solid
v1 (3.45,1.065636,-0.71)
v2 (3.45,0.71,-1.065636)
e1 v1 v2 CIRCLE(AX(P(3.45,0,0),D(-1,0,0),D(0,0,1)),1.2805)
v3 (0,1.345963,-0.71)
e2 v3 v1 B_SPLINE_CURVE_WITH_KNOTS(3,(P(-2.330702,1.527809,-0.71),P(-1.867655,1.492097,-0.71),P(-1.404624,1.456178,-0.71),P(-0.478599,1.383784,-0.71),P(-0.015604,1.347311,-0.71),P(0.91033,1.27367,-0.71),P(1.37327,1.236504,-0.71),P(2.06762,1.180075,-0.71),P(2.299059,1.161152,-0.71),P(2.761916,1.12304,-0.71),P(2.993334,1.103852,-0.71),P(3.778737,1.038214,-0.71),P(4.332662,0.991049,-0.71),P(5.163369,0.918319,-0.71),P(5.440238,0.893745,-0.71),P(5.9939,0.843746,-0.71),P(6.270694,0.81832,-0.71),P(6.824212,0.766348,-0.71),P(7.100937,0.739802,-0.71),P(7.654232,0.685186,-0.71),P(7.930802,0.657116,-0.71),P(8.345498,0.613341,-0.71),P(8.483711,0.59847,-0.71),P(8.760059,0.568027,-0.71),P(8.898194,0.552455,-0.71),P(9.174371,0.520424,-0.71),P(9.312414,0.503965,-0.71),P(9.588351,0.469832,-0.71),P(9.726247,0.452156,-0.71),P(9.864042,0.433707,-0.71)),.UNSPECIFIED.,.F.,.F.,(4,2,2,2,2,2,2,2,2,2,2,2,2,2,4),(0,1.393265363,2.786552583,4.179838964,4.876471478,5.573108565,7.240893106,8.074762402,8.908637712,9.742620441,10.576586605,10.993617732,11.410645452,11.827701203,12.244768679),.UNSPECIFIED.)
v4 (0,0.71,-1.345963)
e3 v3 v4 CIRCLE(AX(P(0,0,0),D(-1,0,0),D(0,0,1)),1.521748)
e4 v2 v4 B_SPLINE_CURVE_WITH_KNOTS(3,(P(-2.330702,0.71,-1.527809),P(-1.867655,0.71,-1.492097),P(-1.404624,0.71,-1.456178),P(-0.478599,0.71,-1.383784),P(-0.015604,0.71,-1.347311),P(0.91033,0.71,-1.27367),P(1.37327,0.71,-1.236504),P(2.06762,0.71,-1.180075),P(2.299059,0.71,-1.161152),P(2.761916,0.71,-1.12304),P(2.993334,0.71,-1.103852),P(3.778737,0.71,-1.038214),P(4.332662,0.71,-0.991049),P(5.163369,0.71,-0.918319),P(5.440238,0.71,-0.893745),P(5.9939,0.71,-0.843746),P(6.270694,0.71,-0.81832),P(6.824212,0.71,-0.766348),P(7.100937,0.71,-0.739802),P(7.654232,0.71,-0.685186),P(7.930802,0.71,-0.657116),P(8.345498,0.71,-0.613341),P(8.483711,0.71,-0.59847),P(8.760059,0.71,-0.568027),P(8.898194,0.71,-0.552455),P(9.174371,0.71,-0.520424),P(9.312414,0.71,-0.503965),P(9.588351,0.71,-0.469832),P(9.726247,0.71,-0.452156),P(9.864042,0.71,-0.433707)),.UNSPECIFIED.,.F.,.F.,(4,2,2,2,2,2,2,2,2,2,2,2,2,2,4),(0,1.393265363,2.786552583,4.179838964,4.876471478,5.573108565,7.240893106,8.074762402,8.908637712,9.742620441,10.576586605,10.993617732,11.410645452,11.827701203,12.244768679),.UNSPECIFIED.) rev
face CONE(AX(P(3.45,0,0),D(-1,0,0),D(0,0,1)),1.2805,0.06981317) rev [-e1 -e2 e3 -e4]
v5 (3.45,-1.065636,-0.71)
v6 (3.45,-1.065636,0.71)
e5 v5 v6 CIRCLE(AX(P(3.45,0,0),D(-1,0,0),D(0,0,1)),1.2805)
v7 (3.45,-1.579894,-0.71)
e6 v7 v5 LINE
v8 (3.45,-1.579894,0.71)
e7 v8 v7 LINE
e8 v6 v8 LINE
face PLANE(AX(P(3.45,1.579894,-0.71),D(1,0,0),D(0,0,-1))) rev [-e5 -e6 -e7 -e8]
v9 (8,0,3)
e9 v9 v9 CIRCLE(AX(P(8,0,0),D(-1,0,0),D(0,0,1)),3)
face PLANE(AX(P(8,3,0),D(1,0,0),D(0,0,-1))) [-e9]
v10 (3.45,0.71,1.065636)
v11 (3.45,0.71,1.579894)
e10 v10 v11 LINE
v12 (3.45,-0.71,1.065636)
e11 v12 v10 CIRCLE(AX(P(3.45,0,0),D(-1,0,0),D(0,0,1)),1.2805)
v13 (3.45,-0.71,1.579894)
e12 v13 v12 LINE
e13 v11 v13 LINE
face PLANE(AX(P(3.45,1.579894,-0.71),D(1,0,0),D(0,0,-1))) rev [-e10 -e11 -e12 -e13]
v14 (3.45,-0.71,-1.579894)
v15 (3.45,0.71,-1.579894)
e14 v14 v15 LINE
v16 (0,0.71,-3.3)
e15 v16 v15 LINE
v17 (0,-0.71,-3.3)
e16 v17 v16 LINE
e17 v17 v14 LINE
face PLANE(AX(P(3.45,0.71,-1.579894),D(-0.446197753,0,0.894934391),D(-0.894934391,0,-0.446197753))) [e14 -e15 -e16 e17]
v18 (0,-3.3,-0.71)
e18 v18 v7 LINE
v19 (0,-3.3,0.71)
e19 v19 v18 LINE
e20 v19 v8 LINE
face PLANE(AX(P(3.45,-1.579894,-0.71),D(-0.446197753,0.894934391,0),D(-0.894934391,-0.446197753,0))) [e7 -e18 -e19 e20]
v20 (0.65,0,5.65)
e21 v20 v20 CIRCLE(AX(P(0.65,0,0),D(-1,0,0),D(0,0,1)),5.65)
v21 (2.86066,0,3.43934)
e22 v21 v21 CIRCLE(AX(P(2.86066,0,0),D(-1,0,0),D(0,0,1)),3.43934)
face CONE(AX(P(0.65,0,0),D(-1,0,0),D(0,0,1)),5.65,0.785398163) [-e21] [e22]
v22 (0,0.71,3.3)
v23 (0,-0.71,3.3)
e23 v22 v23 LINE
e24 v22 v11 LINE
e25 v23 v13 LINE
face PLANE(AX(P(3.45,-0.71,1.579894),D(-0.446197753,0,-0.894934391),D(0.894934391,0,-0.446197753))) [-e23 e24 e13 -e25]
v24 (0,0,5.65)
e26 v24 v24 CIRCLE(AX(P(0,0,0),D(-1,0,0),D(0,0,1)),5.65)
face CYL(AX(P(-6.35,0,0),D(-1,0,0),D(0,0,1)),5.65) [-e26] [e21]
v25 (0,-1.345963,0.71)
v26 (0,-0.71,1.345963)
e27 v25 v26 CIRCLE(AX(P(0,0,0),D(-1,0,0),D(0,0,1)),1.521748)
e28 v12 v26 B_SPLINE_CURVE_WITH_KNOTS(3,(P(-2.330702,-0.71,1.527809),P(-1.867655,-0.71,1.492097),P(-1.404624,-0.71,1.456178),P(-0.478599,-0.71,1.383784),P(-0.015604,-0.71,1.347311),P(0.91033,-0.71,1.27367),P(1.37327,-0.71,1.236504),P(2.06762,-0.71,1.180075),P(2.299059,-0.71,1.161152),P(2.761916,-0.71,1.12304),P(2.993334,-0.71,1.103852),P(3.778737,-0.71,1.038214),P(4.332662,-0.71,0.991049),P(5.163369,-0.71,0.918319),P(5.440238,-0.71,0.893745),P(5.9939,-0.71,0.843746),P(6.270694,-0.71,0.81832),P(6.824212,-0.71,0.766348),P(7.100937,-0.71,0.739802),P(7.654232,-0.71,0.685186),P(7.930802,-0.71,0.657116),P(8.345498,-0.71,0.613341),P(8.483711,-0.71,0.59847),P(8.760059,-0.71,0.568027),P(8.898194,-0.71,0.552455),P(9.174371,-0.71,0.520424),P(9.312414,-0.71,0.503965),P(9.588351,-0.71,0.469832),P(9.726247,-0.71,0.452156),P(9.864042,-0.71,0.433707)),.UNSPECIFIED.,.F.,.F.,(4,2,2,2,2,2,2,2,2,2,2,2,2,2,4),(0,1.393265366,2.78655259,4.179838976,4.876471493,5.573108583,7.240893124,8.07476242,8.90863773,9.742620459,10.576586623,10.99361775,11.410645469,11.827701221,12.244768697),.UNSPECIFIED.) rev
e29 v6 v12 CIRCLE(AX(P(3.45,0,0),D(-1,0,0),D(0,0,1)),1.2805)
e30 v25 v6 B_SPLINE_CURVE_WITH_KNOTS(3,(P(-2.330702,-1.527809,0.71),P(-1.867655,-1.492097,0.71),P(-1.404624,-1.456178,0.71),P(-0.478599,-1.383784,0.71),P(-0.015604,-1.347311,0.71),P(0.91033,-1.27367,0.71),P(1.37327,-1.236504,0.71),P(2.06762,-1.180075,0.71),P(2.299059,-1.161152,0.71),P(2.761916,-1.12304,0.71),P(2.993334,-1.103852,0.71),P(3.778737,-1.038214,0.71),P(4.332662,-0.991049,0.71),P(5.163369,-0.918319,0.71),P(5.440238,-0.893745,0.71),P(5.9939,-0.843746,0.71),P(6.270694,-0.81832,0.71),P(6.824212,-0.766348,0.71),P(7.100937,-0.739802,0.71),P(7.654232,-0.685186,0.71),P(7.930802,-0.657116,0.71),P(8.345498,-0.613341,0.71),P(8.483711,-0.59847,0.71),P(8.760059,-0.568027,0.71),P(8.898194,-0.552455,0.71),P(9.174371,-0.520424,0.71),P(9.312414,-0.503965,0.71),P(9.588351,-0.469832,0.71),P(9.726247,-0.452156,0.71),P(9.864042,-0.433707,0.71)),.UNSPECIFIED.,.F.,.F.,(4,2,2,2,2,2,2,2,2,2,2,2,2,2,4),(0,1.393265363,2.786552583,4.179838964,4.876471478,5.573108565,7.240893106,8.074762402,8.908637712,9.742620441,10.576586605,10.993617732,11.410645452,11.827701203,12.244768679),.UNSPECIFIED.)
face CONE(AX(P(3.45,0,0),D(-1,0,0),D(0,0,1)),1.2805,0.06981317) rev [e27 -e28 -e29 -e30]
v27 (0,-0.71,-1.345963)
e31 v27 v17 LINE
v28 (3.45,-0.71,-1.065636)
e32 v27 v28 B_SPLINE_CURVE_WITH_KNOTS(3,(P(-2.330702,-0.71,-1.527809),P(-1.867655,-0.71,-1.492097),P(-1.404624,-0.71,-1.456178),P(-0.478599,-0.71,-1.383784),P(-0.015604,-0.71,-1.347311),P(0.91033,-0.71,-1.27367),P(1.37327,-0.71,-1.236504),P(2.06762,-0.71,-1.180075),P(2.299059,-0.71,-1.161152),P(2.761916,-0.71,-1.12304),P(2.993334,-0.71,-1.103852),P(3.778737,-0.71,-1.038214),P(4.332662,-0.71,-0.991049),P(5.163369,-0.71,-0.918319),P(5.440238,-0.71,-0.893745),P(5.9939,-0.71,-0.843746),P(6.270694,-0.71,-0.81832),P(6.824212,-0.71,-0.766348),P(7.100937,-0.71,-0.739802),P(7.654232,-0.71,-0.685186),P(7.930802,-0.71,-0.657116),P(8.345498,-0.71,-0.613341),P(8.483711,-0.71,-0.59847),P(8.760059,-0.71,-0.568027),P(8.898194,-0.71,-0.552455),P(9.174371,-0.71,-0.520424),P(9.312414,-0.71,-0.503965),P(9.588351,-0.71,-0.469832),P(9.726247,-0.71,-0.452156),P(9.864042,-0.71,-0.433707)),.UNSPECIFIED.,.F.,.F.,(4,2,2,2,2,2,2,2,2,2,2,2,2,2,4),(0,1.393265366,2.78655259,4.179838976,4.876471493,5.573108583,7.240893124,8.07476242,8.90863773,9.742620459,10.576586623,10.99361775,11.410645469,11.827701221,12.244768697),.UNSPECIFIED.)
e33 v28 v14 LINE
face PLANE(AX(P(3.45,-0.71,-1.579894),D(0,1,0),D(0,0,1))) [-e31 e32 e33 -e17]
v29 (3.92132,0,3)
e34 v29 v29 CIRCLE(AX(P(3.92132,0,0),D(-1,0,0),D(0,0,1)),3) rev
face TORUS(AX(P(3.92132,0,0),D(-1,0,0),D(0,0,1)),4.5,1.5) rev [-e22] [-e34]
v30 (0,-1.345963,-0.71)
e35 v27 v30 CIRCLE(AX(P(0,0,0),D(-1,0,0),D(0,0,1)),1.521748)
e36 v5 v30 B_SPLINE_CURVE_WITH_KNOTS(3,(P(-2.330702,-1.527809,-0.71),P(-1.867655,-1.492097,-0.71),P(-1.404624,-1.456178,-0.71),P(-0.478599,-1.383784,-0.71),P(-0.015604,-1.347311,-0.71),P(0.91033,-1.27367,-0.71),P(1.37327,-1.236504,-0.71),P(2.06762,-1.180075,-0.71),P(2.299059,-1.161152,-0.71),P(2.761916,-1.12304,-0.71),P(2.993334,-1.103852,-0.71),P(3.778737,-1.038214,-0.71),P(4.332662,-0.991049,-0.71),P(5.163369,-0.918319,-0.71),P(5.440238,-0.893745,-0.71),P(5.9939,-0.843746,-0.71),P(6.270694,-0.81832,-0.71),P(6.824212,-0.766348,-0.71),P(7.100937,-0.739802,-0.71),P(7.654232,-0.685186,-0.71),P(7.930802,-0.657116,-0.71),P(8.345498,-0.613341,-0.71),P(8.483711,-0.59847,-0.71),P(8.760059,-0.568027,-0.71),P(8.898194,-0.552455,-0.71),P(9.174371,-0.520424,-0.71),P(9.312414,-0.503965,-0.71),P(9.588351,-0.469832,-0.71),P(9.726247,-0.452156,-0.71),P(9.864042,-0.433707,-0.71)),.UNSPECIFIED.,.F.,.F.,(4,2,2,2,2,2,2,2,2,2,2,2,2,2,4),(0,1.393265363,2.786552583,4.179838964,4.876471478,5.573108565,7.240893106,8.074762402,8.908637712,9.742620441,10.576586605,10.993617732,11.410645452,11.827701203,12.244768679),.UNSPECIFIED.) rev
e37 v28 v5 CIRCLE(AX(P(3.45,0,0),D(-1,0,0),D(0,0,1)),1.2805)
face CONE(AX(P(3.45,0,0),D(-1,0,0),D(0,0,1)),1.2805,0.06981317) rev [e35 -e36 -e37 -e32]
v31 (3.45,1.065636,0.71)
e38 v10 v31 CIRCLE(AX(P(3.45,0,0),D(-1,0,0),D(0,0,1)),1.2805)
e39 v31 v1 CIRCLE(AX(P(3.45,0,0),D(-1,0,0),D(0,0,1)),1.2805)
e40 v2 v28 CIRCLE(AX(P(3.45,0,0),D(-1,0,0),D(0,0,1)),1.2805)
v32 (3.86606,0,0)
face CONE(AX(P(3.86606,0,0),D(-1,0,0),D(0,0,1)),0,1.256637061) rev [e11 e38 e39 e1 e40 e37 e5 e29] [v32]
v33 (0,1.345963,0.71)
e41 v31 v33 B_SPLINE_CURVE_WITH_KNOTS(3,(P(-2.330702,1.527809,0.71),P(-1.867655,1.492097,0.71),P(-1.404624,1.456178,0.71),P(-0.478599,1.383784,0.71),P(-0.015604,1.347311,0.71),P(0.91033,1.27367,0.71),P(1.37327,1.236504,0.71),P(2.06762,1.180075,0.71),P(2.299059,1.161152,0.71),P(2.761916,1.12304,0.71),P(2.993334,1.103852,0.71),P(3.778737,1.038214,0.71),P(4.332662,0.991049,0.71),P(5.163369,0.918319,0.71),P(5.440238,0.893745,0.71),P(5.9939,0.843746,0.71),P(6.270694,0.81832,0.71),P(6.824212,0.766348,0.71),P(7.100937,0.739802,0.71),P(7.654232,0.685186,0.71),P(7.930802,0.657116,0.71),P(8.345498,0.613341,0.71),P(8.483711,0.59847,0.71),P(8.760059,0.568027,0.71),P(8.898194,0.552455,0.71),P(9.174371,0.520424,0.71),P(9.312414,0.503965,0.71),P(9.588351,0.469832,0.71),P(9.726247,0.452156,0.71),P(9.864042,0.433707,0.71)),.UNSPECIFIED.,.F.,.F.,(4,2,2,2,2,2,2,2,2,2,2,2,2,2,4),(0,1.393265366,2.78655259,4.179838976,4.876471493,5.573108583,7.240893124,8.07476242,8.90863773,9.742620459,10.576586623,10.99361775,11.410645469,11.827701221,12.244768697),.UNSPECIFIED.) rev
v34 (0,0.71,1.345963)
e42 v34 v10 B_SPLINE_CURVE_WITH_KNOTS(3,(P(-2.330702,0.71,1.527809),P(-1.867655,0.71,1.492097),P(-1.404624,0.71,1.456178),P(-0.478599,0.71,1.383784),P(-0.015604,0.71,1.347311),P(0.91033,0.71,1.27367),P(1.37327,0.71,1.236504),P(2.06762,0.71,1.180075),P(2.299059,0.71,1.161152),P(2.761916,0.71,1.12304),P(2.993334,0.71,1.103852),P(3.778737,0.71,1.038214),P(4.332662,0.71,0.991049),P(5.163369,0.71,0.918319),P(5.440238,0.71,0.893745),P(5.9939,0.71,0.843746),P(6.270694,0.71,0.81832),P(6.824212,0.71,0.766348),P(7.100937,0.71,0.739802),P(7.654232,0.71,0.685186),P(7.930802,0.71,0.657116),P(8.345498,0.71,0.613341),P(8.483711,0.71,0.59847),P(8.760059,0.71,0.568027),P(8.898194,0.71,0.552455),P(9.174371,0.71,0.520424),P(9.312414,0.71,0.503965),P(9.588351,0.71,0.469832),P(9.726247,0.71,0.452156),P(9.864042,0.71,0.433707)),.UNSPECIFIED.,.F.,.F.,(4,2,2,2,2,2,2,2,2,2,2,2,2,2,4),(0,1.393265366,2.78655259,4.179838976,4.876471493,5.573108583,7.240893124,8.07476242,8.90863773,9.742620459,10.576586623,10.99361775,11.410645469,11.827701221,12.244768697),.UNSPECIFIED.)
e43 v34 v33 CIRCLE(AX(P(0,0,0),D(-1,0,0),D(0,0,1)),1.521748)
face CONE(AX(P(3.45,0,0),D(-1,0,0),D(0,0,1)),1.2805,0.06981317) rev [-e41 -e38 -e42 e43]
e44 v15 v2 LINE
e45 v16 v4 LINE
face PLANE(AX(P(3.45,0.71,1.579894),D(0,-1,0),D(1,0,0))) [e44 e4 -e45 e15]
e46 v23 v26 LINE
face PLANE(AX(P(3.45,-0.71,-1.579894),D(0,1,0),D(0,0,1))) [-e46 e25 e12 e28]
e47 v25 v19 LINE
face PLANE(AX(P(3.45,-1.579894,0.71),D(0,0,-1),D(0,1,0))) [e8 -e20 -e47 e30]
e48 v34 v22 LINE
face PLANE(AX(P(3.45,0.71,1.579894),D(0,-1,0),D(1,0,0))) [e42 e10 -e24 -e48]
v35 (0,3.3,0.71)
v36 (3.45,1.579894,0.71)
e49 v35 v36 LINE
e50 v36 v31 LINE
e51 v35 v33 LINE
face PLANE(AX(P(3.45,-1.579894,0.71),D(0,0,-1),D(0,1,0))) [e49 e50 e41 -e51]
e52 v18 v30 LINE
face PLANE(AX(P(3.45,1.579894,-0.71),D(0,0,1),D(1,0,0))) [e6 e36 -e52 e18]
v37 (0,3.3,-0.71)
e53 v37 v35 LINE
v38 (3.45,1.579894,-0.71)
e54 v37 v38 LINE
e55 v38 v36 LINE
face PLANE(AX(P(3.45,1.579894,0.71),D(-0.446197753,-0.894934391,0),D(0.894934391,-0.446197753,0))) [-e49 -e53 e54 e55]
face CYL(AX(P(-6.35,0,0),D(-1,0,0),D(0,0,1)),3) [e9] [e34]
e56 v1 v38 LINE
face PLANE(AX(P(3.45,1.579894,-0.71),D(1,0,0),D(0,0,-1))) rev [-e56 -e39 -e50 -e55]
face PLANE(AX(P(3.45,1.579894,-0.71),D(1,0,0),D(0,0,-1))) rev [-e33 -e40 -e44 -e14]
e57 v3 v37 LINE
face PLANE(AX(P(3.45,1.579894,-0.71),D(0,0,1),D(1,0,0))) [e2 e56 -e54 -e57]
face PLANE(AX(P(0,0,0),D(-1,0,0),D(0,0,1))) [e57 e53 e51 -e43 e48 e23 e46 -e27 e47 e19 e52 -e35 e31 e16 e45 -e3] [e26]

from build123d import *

# Parameters (mm, degrees)
FILLET1_R    = 1.5
SKETCH3_W    = 1.42
SKETCH3_H    = 6.6
SKETCH4_W    = 1.42
SKETCH4_H    = 3.15978748
RECPAT_COUNT = 2
RECPAT_ANGLE = 90


with BuildPart() as part:
    # BodySke → Base-Revolve (revolve)
    with BuildSketch(Plane.XY):
        Polygon((0, 0), (0, 5.65), (0.65, 5.65), (3.3, 3), (8, 3), (8, 0), align=None)
    revolve(axis=Axis((-6.35, 0, 0), (1, 0, 0)))

    # Fillet1
    fillet1_edges = [part.edges().sort_by_distance(p)[0] for p in [
        (3.3, -3, 0),
    ]]
    fillet(fillet1_edges, radius=FILLET1_R)

    # Sketch3 → Recess section 0
    with BuildSketch(Plane.ZY):
        Rectangle(SKETCH3_W, SKETCH3_H)
    # Sketch4 → Recess section 1
    with BuildSketch(Plane.ZY.offset(-3.45)):
        Rectangle(SKETCH4_W, SKETCH4_H)
    recess = loft(mode=Mode.SUBTRACT)

    # RecPat: Recess ×2 about axis
    recpat_axis = Axis((0, 0, 0), (1, 0, 0))
    for i in range(1, RECPAT_COUNT):
        add(recess.rotate(recpat_axis, i * RECPAT_ANGLE / (RECPAT_COUNT - 1)), mode=Mode.SUBTRACT)

    # RecCorSke → RecessCore (revolve, cut)
    with BuildSketch(Plane.XY):
        Polygon((0, 0), (0, 1.521747501), (3.45, 1.2805), (3.866059671, 0), align=None)
    revolve(axis=Axis((-3.175, 0, 0), (1, 0, 0)), mode=Mode.SUBTRACT)


solid = part.part
